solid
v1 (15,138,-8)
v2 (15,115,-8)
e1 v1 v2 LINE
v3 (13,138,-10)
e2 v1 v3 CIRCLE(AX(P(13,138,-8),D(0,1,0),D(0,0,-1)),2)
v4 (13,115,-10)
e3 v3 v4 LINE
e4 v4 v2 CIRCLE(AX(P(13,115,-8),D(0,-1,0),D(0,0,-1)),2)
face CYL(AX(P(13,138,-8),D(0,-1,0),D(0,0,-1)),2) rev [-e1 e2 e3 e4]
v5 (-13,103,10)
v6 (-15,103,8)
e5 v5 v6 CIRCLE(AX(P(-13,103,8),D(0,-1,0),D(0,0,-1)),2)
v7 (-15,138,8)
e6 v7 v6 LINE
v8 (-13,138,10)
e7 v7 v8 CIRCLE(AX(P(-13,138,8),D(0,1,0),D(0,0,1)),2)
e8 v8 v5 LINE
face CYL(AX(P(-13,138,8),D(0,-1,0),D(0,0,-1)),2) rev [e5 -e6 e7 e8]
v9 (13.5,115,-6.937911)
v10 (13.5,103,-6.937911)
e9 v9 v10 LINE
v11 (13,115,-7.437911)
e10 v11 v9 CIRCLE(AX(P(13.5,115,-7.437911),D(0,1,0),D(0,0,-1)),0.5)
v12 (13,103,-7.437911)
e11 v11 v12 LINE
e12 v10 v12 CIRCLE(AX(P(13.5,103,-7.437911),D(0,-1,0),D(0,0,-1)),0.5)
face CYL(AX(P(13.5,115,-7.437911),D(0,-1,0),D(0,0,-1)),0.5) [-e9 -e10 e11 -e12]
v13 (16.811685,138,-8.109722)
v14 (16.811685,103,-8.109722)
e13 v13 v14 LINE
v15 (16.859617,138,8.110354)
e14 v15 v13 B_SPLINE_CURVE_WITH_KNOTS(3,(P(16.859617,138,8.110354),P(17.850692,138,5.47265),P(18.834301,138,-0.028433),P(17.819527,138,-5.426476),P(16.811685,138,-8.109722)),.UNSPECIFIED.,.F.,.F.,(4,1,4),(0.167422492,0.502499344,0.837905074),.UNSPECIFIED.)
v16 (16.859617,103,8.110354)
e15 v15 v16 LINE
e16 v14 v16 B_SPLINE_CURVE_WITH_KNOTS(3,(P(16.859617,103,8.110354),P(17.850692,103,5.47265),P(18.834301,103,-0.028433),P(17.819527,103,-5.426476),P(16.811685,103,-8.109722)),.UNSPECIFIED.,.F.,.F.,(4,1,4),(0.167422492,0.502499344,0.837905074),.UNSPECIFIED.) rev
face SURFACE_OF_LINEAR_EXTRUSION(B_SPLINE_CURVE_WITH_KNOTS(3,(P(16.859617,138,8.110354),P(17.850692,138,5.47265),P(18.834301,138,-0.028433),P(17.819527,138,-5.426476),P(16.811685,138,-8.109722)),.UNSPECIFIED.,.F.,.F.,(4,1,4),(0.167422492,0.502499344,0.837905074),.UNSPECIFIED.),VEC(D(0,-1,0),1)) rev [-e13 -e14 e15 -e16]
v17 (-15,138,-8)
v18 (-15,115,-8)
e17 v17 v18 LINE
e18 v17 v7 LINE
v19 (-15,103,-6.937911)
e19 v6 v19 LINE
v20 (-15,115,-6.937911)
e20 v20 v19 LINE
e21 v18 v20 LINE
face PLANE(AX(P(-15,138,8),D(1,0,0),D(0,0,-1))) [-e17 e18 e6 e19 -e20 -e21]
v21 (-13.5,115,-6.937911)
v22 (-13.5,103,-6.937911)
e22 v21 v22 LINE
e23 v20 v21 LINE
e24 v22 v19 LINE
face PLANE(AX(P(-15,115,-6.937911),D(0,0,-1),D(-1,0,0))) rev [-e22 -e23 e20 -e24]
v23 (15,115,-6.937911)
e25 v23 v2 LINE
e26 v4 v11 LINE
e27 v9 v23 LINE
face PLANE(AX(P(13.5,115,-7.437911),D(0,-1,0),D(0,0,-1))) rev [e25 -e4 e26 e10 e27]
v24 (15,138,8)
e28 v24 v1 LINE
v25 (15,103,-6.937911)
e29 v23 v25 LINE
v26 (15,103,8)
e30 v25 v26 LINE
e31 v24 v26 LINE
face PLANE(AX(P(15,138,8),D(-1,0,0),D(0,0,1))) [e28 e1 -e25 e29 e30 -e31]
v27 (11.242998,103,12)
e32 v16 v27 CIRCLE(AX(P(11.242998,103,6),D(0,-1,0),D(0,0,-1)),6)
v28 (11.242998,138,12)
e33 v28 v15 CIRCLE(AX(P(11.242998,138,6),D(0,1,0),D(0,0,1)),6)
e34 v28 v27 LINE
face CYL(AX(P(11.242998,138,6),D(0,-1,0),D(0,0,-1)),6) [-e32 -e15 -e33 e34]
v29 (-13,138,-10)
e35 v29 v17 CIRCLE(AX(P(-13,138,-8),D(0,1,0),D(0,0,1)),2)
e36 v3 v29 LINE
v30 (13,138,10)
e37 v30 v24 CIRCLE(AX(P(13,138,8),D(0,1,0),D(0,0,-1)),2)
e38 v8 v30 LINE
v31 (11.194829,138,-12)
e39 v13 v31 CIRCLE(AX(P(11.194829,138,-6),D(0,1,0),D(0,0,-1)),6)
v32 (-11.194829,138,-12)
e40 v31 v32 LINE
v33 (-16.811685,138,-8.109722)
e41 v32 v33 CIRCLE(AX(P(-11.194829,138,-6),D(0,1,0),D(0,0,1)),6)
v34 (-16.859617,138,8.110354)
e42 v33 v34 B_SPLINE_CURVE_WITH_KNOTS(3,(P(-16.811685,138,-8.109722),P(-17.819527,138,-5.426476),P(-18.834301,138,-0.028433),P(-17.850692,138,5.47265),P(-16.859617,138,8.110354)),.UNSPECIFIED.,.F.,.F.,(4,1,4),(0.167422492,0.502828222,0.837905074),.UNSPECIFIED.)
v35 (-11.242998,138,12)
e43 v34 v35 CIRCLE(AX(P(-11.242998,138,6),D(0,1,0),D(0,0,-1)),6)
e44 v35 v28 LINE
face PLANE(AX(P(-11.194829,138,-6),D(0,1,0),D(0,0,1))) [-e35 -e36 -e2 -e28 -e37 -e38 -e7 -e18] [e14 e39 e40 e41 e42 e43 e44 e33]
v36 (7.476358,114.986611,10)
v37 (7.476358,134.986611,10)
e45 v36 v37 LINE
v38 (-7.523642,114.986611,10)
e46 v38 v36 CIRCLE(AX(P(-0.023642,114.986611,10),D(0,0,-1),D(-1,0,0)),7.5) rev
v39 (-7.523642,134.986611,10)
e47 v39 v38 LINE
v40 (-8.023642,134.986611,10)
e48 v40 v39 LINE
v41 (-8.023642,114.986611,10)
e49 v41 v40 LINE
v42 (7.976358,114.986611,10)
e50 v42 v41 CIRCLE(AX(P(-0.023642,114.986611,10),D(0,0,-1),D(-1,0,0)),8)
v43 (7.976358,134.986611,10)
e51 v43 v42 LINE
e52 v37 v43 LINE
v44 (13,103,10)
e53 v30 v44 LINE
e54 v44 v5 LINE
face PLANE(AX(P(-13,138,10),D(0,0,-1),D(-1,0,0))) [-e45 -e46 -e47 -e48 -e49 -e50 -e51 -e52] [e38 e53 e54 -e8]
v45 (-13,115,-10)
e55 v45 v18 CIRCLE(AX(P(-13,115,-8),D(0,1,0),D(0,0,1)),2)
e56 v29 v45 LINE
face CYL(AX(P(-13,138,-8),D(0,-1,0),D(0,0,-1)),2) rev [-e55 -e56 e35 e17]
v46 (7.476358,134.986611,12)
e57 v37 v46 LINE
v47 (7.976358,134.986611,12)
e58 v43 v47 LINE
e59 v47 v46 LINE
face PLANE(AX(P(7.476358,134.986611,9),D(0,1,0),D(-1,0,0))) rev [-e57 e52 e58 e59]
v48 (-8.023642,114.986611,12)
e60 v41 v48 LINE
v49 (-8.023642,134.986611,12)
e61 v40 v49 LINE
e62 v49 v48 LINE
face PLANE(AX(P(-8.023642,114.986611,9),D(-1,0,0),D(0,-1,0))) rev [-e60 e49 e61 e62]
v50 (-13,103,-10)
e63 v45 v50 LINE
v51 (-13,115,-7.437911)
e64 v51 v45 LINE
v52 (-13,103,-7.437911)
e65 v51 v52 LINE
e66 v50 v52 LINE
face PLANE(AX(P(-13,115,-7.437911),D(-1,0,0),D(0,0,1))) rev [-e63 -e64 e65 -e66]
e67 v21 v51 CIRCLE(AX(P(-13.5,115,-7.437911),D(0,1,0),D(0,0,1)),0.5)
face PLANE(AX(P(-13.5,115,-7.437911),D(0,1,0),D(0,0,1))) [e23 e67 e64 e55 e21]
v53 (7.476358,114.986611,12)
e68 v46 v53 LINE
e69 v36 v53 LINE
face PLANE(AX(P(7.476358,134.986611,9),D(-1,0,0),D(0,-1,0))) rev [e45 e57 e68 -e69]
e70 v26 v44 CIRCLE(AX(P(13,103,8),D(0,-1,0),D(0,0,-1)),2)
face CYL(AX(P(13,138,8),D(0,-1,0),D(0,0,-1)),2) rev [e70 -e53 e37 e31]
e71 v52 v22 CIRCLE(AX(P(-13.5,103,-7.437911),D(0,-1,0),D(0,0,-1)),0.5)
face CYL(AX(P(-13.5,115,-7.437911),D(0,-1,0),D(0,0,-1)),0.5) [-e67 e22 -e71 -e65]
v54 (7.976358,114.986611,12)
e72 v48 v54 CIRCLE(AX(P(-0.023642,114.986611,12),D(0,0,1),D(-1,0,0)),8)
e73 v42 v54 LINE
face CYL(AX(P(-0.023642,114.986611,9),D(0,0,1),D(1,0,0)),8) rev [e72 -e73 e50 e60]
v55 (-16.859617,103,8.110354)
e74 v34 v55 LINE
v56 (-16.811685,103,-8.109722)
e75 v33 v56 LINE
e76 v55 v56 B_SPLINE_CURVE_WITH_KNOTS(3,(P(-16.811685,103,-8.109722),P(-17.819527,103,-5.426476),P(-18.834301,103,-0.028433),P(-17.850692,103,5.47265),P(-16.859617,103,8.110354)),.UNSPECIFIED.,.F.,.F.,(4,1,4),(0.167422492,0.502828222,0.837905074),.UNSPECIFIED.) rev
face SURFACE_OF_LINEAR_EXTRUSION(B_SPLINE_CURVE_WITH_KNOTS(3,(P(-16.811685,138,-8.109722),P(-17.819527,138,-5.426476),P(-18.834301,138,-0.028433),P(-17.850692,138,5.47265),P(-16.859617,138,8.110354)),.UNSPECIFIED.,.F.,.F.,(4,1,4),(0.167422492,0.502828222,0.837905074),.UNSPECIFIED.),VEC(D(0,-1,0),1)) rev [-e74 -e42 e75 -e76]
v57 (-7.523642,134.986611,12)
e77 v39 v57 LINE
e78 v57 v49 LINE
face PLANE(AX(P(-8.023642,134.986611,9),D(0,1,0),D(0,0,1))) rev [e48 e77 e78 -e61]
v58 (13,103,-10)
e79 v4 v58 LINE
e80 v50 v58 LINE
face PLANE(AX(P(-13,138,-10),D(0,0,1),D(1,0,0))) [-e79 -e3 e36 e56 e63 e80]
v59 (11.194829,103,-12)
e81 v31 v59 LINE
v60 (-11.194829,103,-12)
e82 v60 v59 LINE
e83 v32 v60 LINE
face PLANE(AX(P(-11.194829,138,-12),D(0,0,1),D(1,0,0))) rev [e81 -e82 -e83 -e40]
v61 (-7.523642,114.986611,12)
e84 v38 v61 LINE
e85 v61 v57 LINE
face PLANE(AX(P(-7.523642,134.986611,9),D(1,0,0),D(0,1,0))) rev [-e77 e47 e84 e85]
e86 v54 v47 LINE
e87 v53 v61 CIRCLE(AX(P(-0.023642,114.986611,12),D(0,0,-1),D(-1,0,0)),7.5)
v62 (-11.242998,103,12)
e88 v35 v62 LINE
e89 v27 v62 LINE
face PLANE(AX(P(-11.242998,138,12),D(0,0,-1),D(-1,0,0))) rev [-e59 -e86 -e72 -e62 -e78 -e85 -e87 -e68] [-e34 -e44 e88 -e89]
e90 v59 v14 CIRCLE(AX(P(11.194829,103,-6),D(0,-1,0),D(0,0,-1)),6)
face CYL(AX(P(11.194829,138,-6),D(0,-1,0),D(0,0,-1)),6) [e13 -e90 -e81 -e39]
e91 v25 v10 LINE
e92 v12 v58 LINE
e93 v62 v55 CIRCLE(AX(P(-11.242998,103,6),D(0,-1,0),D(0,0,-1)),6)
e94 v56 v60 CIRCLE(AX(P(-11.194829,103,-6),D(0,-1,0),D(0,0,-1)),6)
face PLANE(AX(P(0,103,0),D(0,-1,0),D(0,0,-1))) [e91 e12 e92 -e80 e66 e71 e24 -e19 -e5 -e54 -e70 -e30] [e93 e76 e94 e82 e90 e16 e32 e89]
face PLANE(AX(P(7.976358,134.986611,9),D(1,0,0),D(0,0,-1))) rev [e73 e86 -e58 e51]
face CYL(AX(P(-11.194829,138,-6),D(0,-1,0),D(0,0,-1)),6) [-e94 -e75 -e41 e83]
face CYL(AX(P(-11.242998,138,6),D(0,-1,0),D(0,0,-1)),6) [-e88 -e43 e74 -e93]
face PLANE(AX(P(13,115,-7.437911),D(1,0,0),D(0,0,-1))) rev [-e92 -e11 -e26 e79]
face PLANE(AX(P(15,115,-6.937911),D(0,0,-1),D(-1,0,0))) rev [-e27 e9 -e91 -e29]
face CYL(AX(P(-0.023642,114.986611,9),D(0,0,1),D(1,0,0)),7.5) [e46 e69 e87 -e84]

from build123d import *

# Parameters (mm, degrees)
BOSS_EXTRUDE4_DEPTH = 80
BOSS_EXTRUDE5_DEPTH = 57
CUT_EXTRUDE1_DEPTH  = 3
SKETCH13_W          = 46.599854234
SKETCH13_H          = 36.724502986
CUT_EXTRUDE2_DEPTH  = 45


with BuildPart() as part:
    # Sketch8 → Boss-Extrude4 (new body)
    with BuildSketch(Plane(origin=(0, 58, 0), x_dir=(1, 0, 0), z_dir=(0, 1, 0))):
        with BuildLine():
            Line((-11.242998334, -12), (11.242998334, -12))
            ThreePointArc((11.242998334, -12), (14.65898123, -10.932652517), (16.859617211, -8.110353618))
            add(Edge.make_bspline(
                [(16.859617211, -8.110353618), (17.850691543, -5.472650271), (18.834301198, 0.028433299), (17.819526576, 5.426475932), (16.811684839, 8.109721769)],
                knots=[0.167422492, 0.167422492, 0.167422492, 0.167422492, 0.502499344, 0.837905074, 0.837905074, 0.837905074, 0.837905074], degree=3))
            ThreePointArc((16.811684839, 8.109721769), (14.611088933, 10.932460371), (11.194828596, 12))
            Line((11.194828596, 12), (-11.194828596, 12))
            ThreePointArc((-11.194828596, 12), (-14.611088933, 10.932460371), (-16.811684839, 8.109721769))
            add(Edge.make_bspline(
                [(-16.859617211, -8.110353618), (-17.850691543, -5.472650271), (-18.834301198, 0.028433299), (-17.819526576, 5.426475932), (-16.811684839, 8.109721769)],
                knots=[0.167422492, 0.167422492, 0.167422492, 0.167422492, 0.502499344, 0.837905074, 0.837905074, 0.837905074, 0.837905074], degree=3))
            ThreePointArc((-16.859617211, -8.110353618), (-14.65898123, -10.932652517), (-11.242998334, -12))
        make_face()
        with BuildLine():
            Line((-13, -10), (13, -10))
            ThreePointArc((13, -10), (14.414213562, -9.414213562), (15, -8))
            Line((15, -8), (15, 8))
            ThreePointArc((15, 8), (14.414213562, 9.414213562), (13, 10))
            Line((13, 10), (-13, 10))
            ThreePointArc((-13, 10), (-14.414213562, 9.414213562), (-15, 8))
            Line((-15, 8), (-15, -8))
            ThreePointArc((-15, -8), (-14.414213562, -9.414213562), (-13, -10))
        make_face(mode=Mode.SUBTRACT)
    extrude(amount=BOSS_EXTRUDE4_DEPTH)

    # Sketch11 → Boss-Extrude5 (add)
    with BuildSketch(Plane(origin=(0, 58, 0), x_dir=(1, 0, 0), z_dir=(0, 1, 0))):
        with BuildLine():
            Line((13, 10), (15, 10))
            Line((15, 10), (15, 6.937911183))
            Line((15, 6.937911183), (13.5, 6.937911183))
            ThreePointArc((13.5, 6.937911183), (13.146446609, 7.084357793), (13, 7.437911183))
            Line((13, 7.437911183), (13, 10))
        make_face()
        with BuildLine():
            Line((-13, 7.437911183), (-13, 10))
            Line((-13, 10), (-15, 10))
            Line((-15, 10), (-15, 6.937911183))
            Line((-15, 6.937911183), (-13.5, 6.937911183))
            ThreePointArc((-13.5, 6.937911183), (-13.146446609, 7.084357793), (-13, 7.437911183))
        make_face()
    extrude(amount=BOSS_EXTRUDE5_DEPTH)

    # Sketch12 → Cut-Extrude1 (cut)
    with BuildSketch(Plane.XY.offset(12)):
        with BuildLine():
            Line((7.476357736, 134.986611492), (7.476357736, 114.986611492))
            ThreePointArc((7.476357736, 114.986611492), (-0.023642264, 107.486611492), (-7.523642264, 114.986611492))
            Line((-7.523642264, 114.986611492), (-7.523642264, 134.986611492))
            Line((-7.523642264, 134.986611492), (-8.023642264, 134.986611492))
            Line((-8.023642264, 134.986611492), (-8.023642264, 114.986611492))
            ThreePointArc((-8.023642264, 114.986611492), (-0.023642264, 106.986611492), (7.976357736, 114.986611492))
            Line((7.976357736, 114.986611492), (7.976357736, 134.986611492))
            Line((7.976357736, 134.986611492), (7.476357736, 134.986611492))
        make_face()
    extrude(amount=-CUT_EXTRUDE1_DEPTH, mode=Mode.SUBTRACT)

    # Sketch13 → Cut-Extrude2 (cut)
    with BuildSketch(Plane(origin=(0, 58, 0), x_dir=(1, 0, 0), z_dir=(0, 1, 0))):
        with Locations((3.699497448, 5.974004227)):
            Rectangle(SKETCH13_W, SKETCH13_H)
    extrude(amount=CUT_EXTRUDE2_DEPTH, mode=Mode.SUBTRACT)


solid = part.part
